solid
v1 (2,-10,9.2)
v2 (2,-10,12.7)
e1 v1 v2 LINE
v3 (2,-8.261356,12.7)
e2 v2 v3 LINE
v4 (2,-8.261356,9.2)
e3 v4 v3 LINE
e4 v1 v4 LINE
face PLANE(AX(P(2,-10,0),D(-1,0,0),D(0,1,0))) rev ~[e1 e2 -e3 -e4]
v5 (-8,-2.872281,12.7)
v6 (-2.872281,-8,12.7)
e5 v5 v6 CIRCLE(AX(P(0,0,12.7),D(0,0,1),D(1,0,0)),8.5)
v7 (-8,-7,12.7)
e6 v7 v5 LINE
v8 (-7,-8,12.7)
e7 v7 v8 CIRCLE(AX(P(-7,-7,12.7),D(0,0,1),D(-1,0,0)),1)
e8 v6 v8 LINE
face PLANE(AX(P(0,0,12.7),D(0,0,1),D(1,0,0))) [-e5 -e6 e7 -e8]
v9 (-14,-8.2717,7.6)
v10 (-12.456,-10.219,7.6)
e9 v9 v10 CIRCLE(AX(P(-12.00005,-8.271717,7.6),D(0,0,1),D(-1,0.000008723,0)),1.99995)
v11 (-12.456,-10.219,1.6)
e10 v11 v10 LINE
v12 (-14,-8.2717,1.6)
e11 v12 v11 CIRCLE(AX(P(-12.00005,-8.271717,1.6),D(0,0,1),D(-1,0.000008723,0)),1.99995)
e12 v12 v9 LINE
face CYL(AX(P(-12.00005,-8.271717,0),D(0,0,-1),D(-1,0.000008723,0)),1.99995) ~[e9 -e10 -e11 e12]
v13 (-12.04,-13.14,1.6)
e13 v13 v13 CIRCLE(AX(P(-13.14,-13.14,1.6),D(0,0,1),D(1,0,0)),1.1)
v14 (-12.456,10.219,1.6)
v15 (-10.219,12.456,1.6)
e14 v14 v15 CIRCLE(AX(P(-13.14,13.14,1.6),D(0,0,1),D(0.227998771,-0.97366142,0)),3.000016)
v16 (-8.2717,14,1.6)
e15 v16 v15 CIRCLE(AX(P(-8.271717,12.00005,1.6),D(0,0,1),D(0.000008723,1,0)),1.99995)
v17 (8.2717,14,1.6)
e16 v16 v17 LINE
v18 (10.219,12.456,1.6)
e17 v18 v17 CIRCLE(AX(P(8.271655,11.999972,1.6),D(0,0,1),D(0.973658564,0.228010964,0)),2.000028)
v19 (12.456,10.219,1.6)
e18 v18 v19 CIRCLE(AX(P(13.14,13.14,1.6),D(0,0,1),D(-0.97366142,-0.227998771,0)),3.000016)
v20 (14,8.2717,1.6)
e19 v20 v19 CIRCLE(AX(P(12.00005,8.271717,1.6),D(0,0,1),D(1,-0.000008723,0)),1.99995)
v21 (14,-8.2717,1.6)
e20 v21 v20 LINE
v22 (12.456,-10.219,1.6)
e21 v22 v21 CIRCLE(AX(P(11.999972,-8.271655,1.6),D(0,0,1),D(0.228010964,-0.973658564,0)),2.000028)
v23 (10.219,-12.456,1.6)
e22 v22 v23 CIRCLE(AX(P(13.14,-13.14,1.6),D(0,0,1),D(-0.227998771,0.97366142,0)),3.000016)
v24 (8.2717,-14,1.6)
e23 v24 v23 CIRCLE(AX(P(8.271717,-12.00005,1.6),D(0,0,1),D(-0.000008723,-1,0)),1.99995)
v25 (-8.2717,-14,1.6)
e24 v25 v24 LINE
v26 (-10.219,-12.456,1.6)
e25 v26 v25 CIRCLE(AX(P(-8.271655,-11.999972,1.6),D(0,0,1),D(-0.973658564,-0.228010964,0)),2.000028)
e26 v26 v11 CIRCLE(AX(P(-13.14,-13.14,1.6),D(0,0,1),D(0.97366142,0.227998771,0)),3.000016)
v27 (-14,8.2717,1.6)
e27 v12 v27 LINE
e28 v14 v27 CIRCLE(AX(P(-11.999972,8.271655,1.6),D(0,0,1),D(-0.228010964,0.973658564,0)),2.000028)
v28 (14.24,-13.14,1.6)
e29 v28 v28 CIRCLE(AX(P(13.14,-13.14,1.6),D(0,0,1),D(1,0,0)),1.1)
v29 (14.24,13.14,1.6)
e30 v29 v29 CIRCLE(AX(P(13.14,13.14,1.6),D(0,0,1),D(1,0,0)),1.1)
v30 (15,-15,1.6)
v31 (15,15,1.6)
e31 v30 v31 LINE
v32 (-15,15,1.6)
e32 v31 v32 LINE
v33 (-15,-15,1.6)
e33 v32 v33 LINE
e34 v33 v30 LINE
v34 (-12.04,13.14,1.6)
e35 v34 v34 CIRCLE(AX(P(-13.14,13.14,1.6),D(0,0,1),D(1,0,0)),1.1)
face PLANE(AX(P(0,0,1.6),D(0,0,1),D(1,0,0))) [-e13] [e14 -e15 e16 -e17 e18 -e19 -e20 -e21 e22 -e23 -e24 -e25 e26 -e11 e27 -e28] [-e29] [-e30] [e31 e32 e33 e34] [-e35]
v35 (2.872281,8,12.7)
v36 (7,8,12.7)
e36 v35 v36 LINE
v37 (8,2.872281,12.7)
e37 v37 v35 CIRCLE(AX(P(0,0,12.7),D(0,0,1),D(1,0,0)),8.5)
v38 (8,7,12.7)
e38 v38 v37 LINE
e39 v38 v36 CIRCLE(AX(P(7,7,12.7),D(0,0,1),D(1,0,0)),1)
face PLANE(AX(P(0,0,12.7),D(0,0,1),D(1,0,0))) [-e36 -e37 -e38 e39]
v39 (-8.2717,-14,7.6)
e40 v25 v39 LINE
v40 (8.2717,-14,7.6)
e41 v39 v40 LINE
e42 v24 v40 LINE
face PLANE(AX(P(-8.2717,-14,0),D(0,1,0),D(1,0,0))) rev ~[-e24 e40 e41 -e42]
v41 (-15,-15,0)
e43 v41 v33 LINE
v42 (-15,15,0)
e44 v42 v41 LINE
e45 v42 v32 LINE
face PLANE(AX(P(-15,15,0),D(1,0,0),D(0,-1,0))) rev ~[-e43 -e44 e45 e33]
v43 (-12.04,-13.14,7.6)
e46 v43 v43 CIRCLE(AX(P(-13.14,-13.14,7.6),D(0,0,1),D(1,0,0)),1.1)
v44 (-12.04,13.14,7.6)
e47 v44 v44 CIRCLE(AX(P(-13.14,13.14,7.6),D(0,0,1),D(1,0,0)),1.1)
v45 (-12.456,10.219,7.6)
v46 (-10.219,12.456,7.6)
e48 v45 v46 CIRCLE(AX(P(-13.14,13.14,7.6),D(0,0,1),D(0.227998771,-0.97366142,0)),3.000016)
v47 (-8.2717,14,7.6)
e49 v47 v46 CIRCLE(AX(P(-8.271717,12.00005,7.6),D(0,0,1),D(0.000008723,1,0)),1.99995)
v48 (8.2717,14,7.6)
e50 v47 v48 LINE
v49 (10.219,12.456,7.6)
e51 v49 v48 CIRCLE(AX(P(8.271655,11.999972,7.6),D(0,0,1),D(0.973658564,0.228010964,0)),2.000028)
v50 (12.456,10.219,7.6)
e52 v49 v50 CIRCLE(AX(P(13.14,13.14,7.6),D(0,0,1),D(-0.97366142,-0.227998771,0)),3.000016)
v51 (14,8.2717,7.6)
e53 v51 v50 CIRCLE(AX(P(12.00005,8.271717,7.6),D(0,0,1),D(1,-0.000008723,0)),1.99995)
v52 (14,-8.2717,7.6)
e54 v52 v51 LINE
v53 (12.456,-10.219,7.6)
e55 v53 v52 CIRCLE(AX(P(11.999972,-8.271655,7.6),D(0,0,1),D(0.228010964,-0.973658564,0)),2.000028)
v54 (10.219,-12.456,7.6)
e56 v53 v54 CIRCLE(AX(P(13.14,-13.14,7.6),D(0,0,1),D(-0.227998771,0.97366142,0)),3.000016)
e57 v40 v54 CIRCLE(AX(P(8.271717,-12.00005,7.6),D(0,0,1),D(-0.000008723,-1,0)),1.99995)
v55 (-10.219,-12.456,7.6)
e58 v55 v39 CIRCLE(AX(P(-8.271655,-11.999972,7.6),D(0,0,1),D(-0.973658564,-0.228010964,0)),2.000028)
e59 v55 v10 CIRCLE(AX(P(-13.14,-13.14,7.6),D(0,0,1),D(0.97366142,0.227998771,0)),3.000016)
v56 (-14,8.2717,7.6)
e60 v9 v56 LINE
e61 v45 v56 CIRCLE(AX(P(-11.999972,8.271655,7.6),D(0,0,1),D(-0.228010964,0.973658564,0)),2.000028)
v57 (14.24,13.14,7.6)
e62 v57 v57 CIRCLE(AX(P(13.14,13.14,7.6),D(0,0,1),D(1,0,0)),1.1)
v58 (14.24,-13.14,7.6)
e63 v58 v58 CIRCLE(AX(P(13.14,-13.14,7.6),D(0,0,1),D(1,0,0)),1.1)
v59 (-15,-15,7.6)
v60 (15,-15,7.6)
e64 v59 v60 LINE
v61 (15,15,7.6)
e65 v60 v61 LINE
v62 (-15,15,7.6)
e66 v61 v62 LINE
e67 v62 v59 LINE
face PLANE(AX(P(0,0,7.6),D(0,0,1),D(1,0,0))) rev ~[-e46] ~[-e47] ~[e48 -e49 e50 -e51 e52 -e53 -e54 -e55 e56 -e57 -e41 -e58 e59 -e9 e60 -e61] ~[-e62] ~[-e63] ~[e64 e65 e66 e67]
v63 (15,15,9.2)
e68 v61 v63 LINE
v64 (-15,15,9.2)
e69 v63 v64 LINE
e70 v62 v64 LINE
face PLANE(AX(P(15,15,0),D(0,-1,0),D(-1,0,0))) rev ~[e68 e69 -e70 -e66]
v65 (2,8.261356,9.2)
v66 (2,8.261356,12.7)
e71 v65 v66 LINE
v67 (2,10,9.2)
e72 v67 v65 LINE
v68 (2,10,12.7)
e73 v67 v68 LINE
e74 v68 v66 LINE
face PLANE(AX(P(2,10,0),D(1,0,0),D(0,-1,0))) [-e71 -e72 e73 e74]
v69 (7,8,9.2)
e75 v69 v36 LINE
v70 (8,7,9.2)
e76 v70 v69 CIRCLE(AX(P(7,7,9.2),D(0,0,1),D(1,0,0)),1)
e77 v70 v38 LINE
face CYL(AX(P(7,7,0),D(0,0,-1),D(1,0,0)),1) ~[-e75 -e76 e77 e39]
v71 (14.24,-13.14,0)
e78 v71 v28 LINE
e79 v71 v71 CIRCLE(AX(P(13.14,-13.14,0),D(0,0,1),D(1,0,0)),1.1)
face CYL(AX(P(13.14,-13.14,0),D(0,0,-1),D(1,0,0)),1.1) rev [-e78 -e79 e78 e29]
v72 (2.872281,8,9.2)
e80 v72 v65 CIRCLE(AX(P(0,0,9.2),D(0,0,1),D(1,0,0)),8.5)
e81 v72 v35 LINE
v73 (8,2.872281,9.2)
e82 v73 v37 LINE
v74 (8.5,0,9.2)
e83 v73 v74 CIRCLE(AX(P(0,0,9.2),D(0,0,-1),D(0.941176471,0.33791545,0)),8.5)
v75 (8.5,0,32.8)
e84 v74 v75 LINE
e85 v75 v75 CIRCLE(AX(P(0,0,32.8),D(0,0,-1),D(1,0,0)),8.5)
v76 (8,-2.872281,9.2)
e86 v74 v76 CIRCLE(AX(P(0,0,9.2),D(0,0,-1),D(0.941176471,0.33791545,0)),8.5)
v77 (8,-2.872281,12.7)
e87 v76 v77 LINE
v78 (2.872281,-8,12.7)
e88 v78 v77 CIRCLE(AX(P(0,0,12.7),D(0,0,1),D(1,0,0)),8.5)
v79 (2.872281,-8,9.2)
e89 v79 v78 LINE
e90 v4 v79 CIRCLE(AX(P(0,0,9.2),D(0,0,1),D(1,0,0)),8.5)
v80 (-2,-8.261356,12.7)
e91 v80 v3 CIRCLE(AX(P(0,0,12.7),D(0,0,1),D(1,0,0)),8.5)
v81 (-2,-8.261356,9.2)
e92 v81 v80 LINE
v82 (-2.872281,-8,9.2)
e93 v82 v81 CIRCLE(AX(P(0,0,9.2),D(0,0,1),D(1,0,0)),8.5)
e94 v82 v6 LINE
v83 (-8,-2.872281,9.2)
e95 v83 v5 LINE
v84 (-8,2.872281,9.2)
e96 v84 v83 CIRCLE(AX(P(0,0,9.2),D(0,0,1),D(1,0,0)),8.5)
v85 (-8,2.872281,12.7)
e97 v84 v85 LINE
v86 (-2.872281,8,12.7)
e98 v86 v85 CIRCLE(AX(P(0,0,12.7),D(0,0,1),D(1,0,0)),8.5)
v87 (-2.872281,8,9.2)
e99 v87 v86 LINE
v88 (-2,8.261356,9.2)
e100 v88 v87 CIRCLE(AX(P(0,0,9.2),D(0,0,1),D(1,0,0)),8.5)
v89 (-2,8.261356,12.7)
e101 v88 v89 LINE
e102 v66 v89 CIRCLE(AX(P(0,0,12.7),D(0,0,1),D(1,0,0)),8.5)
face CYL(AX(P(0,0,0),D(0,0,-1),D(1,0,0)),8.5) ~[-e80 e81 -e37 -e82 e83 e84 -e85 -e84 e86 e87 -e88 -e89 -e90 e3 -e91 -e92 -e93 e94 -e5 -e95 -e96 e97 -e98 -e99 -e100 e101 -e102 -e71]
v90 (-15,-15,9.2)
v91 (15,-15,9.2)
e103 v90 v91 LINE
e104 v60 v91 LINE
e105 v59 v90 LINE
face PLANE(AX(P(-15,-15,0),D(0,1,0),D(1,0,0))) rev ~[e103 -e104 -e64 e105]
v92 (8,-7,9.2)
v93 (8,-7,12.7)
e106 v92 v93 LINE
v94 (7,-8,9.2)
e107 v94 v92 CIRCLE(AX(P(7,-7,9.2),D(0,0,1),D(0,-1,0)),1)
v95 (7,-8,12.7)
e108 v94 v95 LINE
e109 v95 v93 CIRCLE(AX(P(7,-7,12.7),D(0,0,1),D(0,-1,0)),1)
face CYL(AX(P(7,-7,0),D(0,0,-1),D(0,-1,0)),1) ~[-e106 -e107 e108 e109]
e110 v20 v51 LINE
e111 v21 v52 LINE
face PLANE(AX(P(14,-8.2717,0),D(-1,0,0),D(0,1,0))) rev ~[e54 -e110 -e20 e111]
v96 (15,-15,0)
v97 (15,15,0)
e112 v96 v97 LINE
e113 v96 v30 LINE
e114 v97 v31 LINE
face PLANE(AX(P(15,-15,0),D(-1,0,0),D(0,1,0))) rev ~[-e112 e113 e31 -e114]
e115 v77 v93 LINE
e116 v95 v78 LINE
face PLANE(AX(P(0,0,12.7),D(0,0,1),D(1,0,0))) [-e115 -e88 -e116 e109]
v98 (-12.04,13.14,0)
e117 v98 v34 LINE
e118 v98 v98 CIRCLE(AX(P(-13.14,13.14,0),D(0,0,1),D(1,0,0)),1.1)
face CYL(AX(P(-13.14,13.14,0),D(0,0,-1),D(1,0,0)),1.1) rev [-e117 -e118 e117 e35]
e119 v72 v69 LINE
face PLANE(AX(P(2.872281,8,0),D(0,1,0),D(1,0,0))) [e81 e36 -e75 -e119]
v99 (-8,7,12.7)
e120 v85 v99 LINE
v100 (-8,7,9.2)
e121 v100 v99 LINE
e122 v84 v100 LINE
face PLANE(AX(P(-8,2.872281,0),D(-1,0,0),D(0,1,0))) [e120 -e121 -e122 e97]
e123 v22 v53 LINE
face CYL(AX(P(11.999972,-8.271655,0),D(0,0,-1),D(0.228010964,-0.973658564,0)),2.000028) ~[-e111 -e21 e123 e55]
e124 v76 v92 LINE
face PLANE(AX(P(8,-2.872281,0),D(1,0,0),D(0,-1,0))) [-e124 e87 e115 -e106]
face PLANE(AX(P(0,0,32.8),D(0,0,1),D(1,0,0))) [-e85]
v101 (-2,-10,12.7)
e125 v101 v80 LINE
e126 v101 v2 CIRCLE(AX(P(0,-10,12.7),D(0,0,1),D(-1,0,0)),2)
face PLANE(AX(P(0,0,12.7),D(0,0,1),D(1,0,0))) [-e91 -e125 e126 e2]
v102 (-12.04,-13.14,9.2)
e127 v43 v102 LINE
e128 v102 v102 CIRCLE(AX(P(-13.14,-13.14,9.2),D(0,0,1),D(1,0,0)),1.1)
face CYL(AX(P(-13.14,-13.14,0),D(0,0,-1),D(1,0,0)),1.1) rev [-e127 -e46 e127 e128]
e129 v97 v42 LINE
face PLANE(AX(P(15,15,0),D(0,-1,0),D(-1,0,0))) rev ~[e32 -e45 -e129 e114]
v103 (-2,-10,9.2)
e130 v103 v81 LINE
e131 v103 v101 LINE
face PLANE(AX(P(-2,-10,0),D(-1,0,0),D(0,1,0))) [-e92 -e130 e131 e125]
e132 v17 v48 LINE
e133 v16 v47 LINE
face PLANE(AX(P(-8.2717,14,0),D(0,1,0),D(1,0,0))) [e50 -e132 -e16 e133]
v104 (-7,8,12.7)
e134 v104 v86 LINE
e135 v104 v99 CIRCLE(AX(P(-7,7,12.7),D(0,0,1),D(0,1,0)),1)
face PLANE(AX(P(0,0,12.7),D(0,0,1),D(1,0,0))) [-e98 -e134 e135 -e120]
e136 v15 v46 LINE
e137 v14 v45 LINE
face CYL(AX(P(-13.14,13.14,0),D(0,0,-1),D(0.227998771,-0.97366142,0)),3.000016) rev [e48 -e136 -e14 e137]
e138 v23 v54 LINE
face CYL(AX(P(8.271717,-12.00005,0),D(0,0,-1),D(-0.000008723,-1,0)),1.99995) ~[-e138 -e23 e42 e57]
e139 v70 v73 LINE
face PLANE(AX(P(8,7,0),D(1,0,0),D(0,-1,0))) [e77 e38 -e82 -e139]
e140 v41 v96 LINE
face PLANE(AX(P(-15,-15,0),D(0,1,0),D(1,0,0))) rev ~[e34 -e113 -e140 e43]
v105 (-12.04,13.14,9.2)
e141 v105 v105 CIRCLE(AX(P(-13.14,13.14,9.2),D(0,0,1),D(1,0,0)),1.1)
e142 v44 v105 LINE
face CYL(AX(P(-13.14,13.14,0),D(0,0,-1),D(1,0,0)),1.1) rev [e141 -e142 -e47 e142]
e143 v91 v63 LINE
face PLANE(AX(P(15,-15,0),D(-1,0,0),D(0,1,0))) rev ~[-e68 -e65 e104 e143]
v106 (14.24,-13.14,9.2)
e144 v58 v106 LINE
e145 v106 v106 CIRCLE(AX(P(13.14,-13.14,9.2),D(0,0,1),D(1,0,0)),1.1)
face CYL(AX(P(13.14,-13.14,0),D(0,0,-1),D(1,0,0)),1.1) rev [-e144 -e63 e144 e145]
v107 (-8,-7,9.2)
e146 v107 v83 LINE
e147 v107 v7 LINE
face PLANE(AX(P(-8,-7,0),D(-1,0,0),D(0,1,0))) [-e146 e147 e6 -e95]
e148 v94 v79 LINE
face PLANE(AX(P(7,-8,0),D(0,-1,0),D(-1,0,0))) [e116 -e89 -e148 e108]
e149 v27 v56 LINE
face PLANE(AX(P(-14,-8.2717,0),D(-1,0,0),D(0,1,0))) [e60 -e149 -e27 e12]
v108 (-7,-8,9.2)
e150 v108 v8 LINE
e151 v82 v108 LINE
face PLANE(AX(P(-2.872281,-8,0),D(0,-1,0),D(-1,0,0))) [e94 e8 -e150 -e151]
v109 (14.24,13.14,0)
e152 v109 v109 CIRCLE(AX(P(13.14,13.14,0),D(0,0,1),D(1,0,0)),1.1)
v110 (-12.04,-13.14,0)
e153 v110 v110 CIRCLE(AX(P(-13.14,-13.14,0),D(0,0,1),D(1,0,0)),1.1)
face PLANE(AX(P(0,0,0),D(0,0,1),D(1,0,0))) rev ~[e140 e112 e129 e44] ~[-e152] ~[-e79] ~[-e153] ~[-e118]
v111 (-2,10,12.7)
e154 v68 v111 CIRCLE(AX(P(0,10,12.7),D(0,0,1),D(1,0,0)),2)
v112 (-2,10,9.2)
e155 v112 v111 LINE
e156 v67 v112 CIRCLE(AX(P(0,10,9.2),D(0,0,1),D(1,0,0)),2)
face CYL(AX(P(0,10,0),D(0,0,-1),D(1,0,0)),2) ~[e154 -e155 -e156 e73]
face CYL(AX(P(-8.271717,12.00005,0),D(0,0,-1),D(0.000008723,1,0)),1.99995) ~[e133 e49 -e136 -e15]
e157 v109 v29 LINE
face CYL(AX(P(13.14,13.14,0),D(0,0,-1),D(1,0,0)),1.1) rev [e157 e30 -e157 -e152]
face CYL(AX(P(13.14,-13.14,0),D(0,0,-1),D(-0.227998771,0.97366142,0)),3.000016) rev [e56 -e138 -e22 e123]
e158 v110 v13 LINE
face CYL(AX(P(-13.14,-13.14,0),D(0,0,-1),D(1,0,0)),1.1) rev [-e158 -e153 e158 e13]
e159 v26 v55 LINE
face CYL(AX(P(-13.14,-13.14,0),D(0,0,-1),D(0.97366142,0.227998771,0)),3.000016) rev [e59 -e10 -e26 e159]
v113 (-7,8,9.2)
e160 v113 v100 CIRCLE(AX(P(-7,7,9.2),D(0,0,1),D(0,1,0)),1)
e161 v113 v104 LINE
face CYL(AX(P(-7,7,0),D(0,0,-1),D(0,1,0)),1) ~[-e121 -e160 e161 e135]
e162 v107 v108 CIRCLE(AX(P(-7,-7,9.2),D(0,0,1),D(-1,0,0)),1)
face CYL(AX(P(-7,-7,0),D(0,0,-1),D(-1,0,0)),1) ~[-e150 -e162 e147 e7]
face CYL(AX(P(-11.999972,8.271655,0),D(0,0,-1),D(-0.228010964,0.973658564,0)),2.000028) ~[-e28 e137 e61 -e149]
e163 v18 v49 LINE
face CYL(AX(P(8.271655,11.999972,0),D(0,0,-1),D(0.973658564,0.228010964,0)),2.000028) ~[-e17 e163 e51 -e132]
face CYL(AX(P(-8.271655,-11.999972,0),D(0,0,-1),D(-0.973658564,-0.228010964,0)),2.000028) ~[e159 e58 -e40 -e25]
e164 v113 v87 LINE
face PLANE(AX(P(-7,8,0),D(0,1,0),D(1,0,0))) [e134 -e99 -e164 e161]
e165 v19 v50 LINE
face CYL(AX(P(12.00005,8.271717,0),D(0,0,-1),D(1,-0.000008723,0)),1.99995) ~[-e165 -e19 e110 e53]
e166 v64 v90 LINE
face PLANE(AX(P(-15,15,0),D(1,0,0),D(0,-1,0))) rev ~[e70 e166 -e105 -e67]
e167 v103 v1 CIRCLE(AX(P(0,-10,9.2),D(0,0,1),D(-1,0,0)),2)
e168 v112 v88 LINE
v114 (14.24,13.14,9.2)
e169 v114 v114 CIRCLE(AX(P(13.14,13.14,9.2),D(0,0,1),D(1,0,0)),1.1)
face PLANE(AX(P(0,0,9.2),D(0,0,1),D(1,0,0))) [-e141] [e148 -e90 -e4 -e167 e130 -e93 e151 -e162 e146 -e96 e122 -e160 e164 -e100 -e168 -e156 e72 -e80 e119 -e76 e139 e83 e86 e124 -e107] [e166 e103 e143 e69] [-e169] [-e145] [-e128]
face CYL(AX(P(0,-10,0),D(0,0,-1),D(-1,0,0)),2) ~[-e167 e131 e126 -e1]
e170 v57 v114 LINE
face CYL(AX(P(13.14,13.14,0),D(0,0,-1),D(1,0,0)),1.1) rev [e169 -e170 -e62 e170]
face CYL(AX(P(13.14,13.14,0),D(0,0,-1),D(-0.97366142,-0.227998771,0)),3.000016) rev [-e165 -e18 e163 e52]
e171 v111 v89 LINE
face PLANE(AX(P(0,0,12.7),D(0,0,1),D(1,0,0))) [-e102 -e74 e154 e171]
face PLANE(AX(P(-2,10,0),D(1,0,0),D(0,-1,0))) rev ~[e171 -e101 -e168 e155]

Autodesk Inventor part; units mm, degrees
ref_plane "YZ Plane" through (0, 0, 0) normal (1, 0, 0) x (0, 1, 0)
ref_plane "XZ Plane" through (0, 0, 0) normal (0, 1, 0) x (-1, 0, 0)
sketch "スケッチ1" plane through (0, 0, 0) normal (0, 0, 1) x (1, 0, 0)
  line L0 (-15, -15) -> (15, -15)
  line L1 (15, -15) -> (15, 15)
  line L2 (15, 15) -> (-15, 15)
  line L3 (-15, 15) -> (-15, -15)
  line L4 (-15, -15) -> (15, 15) construction
  line L5 (15, -15) -> (-15, 15) construction
  line L6 (-15, 0) -> (15, 0) construction
  line L7 (0, 15) -> (0, -15) construction
  line L8 (-13.14, 13.14) -> (13.14, 13.14) construction
  line L9 (13.14, 13.14) -> (13.14, -13.14) construction
  line L10 (13.14, -13.14) -> (-13.14, -13.14) construction
  line L11 (-13.14, -13.14) -> (-13.14, 13.14) construction
  line L12 (-13.14, 13.14) -> (13.14, -13.14) construction
  line L13 (13.14, 13.14) -> (-13.14, -13.14) construction
  circle A0 centre (0, 0) radius 8.5
  line L14 (-7, 8) -> (7, 8)
  line L15 (8, 7) -> (8, -7)
  line L16 (7, -8) -> (-7, -8)
  line L17 (-8, -7) -> (-8, 7)
  line L18 (-8, 8) -> (8, -8) construction
  line L19 (8, 8) -> (-8, -8) construction
  arc A1 (-8, -7) -> (-7, -8) centre (-7, -7) ccw
  arc A2 (7, -8) -> (8, -7) centre (7, -7) ccw
  arc A3 (8, 7) -> (7, 8) centre (7, 7) ccw
  arc A4 (-7, 8) -> (-8, 7) centre (-7, 7) ccw
  arc A5 (-2, -10) -> (2, -10) centre (0, -10) ccw
  line L20 (-2, -10) -> (-2, -8)
  line L21 (2, -10) -> (2, -8)
  arc A6 (2, 10) -> (-2, 10) centre (0, 10) ccw
  line L22 (-2, 10) -> (-2, 8)
  line L23 (2, 10) -> (2, 8)
  circle A7 centre (-13.14, -13.14) radius 1.1
  circle A8 centre (13.14, -13.14) radius 1.1
  circle A9 centre (-13.14, 13.14) radius 1.1
  circle A10 centre (13.14, 13.14) radius 1.1
  circle A11 centre (-13.14, -13.14) radius 2 construction
  circle A12 centre (13.14, -13.14) radius 2 construction
  circle A13 centre (-13.14, 13.14) radius 2 construction
  circle A14 centre (13.14, 13.14) radius 2 construction
  arc A15 (-10.219, -12.456) -> (-12.456, -10.219) centre (-13.14, -13.14) ccw
  line L24 (-14, -8.2717) -> (-14, 8.2717)
  line L25 (-8.2717, -14) -> (8.2717, -14)
  arc A16 (-14, -8.2717) -> (-12.456, -10.219) centre (-12, -8.2717) ccw
  arc A17 (-10.219, -12.456) -> (-8.2717, -14) centre (-8.2717, -12) ccw
  arc A18 (-12.456, 10.219) -> (-10.219, 12.456) centre (-13.14, 13.14) ccw
  line L26 (-8.2717, 14) -> (8.2717, 14)
  arc A19 (-12.456, 10.219) -> (-14, 8.2717) centre (-12, 8.2717) ccw
  arc A20 (-8.2717, 14) -> (-10.219, 12.456) centre (-8.2717, 12) ccw
  arc A21 (12.456, -10.219) -> (10.219, -12.456) centre (13.14, -13.14) ccw
  line L27 (14, -8.2717) -> (14, 8.2717)
  arc A22 (12.456, -10.219) -> (14, -8.2717) centre (12, -8.2717) ccw
  arc A23 (8.2717, -14) -> (10.219, -12.456) centre (8.2717, -12) ccw
  arc A24 (14, 8.2717) -> (12.456, 10.219) centre (12, 8.2717) ccw
  arc A25 (10.219, 12.456) -> (12.456, 10.219) centre (13.14, 13.14) ccw
  arc A26 (10.219, 12.456) -> (8.2717, 14) centre (8.2717, 12) ccw
  point P0 (-10.2659, -14)
  point P1 (-14, -10.2659)
  point P2 (-8, -2.8723)
  point P3 (-8, 2.8723)
  point P4 (-2.8723, 8)
  point P5 (-2, 8.2614)
  point P6 (2, 8.2614)
  point P7 (2.8723, 8)
  point P8 (8, 2.8723)
  point P9 (8, -2.8723)
  point P10 (2.8723, -8)
  point P11 (2, -8.2614)
  point P12 (-2, -8.2614)
  point P13 (-2.8723, -8)
  dimension "d0" = 30
  dimension "d1" = 30
  dimension "d2" = 26.28
  dimension "d3" = 26.28
  dimension "d4" = 17
  dimension "d5" = 16
  dimension "d6" = 16
  dimension "d7" = 1
  dimension "d8" = 20
  dimension "d9" = 2
  dimension "d10" = 2.2
  dimension "d11" = 4
  dimension "d12" = 2
  dimension "d13" = 3
  dimension "d14" = 1
  dimension "d15" = 1
extrude "押し出し1" add sketch "スケッチ1" along normal blind 9.2 contours L3 L2 L1 L0 | A15 A16 L24 A19 A18 A20 L26 A26 A25 A24 L27 A22 A21 A23 L25 A17
extrude "押し出し2" cut sketch "スケッチ1" along normal blind 7.6 contours L3 L2 L1 L0
extrude "押し出し3" add sketch "スケッチ1" along normal blind 1.6 contours L3 L2 L1 L0
extrude "押し出し4" add sketch "スケッチ1" along normal blind 12.7 contours A0 L14 A3 L15 | L15 A2 L16 A0 | A0 L22 A6 L23 | L21 A5 L20 A0 | A0 L17 A4 L14 | L16 A1 L17 A0
extrude "押し出し5" add sketch "スケッチ1" along normal blind 32.8 contours A0 L15 | L15 A0 L16 L17 L14 | L14 L23 A0 | A0 L21 L16 | L23 L14 L22 A0 | A0 L20 L16 L21 | L22 L14 A0 | A0 L16 L20 | L17 A0
ref_plane "作業平面1" through (0, 0, 27.5) normal (0, 0, 1) x (1, 0, 0)
sketch "focus of the lens" plane through (0, 0, 27.5) normal (0, 0, 1) x (1, 0, 0)
  point P0 (0, 0)
  point P1 (0, 0)
equation "\"d1\" = d0"
equation "\"d3\" = d2"
equation "\"d6\" = d5"
equation "\"d15\" = d14"
properties part number "e-CAM50_CUNX"
